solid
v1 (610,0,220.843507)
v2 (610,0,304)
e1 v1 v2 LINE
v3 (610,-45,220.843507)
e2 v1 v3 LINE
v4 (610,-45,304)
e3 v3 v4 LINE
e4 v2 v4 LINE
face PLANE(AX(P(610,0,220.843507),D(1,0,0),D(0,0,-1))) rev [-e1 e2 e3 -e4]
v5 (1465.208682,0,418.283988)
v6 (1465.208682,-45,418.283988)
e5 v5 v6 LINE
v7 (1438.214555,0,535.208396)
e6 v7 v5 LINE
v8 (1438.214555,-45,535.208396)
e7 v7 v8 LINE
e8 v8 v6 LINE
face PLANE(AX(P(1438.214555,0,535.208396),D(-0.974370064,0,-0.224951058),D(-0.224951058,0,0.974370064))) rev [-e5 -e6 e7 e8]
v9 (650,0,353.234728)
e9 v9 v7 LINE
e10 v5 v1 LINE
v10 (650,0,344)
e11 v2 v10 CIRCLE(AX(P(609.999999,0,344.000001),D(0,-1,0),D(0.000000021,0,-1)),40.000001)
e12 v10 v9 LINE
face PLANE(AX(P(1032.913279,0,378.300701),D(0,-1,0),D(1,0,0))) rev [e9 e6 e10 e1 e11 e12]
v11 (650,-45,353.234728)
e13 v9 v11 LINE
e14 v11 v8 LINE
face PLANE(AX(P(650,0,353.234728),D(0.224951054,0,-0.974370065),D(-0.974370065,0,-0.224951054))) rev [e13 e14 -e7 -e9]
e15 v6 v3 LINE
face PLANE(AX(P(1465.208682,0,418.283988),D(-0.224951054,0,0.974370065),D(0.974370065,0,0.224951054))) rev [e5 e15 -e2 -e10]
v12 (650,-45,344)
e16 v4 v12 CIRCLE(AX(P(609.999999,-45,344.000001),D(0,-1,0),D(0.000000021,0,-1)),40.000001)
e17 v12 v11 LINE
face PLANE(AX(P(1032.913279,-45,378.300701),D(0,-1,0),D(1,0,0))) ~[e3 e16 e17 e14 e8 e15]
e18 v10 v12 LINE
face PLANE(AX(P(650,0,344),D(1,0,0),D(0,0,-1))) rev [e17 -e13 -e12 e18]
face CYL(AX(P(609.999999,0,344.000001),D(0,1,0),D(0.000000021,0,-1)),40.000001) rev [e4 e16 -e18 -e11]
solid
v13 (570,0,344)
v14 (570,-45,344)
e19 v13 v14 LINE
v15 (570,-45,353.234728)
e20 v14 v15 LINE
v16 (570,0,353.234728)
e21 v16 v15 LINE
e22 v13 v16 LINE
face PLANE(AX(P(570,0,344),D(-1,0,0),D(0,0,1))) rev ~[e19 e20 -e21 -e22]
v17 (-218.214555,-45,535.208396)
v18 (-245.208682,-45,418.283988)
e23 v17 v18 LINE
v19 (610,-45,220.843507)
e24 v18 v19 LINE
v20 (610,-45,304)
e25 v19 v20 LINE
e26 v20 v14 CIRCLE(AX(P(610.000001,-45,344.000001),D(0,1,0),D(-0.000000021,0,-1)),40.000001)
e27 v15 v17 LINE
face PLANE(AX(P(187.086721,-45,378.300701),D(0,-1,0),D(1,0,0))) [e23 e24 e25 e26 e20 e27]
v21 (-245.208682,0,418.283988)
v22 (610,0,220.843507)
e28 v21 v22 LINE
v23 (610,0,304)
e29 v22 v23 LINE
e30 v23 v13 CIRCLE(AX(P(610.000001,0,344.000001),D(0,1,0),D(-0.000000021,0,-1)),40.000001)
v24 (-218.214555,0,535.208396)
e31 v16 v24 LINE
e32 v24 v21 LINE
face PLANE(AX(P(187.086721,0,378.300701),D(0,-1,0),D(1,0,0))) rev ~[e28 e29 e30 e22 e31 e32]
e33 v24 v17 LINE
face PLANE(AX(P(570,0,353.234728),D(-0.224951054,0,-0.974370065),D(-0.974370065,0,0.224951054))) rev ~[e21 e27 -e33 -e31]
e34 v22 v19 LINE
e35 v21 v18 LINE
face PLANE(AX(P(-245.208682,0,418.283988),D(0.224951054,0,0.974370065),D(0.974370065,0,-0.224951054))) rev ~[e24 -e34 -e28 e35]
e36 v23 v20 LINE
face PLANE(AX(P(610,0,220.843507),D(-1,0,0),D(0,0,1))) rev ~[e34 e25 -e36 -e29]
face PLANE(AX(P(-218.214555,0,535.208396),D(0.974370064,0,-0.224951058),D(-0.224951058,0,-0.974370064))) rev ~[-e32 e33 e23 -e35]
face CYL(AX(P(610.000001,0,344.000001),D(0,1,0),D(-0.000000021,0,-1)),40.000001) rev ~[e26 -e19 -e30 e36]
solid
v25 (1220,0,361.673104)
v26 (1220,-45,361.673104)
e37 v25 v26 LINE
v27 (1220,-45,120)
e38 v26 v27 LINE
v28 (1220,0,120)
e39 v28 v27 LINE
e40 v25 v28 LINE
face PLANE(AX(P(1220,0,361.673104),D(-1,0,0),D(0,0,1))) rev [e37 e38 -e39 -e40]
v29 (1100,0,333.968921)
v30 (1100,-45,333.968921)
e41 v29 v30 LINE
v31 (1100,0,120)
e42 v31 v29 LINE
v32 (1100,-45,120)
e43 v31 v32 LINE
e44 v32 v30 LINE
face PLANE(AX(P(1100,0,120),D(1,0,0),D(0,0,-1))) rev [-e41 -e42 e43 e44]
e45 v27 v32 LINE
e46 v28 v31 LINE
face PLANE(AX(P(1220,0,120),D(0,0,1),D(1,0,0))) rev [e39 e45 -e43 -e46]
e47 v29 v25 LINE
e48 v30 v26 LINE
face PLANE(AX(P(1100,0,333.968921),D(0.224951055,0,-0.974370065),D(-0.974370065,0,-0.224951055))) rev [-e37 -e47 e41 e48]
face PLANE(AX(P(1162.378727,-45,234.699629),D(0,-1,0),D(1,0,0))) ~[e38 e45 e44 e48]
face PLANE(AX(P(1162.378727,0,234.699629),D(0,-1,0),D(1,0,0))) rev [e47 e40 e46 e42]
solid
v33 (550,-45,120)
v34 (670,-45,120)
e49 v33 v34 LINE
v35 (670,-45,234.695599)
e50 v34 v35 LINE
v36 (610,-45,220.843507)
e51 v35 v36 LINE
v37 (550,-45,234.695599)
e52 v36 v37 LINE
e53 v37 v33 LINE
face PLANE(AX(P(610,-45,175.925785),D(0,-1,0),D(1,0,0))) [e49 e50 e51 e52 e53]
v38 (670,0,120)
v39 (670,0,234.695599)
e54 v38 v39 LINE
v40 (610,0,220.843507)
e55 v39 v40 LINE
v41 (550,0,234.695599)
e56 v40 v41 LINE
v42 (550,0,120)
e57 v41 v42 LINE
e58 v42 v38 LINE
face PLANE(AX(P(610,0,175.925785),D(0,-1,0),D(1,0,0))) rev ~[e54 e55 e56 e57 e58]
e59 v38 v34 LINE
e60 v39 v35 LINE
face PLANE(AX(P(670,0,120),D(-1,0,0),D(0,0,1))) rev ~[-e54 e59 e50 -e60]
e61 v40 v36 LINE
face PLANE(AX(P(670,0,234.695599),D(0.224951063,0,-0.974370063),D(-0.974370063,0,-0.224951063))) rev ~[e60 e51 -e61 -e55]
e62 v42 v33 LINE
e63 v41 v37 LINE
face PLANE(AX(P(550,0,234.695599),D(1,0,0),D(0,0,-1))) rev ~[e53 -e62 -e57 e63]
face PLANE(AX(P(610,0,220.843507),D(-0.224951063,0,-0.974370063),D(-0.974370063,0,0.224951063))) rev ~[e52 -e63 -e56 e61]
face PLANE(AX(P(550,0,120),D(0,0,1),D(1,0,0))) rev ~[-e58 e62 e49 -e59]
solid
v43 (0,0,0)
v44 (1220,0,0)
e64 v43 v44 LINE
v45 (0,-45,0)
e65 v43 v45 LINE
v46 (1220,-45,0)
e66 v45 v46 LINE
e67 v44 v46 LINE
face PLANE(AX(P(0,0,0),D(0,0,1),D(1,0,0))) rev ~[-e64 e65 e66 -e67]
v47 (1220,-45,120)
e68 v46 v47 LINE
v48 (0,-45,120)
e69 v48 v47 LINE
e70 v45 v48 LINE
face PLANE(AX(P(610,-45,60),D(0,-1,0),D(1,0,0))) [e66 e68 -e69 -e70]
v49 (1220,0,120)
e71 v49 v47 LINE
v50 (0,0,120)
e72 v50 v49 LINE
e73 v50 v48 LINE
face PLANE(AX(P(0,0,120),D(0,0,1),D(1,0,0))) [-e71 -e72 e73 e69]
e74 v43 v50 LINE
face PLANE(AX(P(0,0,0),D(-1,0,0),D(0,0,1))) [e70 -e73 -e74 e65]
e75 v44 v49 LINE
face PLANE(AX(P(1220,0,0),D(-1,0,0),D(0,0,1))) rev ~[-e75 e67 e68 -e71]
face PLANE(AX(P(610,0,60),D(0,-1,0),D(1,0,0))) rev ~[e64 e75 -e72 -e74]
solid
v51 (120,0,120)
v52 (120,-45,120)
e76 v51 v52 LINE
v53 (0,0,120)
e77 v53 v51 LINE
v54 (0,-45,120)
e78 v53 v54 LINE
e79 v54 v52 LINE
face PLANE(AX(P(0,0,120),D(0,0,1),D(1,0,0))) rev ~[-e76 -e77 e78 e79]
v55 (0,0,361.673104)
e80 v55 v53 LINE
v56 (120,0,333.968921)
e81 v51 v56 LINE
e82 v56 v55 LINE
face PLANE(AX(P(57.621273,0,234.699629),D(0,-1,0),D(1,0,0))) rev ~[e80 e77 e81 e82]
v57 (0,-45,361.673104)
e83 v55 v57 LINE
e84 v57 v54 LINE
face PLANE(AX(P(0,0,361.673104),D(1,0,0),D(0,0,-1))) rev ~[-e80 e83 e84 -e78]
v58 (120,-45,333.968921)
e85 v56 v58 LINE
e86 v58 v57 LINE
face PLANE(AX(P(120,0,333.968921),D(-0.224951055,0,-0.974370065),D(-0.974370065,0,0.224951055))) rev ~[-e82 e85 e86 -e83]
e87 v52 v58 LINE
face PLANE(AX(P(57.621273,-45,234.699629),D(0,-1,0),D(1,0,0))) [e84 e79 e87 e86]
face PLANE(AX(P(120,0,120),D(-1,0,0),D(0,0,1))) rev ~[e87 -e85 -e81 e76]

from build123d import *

# Parameters (mm, degrees)
F0_W     = 1220
F0_H     = 120
F1_DEPTH = 45
F3_DEPTH = 45
F5_DEPTH = 45
F9_DEPTH = 45


with BuildPart() as f1:
    # F0 (on Front) → F1 (new body)
    with BuildSketch(Plane.XZ):
        with Locations((610, 60)):
            Rectangle(F0_W, F0_H)
    extrude(amount=F1_DEPTH)


with BuildPart() as f3:
    # F2 (on Front) → F3 (new body)
    with BuildSketch(Plane.XZ):
        with BuildLine():
            Line((570, 344), (570, 353.234728))
            Line((570, 353.234728), (-218.214555, 535.208396))
            Line((-218.214555, 535.208396), (-245.208682, 418.283988))
            Line((-245.208682, 418.283988), (610, 220.843507))
            Line((610, 220.843507), (610, 304))
            ThreePointArc((610, 304), (581.715729, 315.715729), (570, 344))
        make_face()
    extrude(amount=F3_DEPTH)


with BuildPart() as f5:
    # F4 (on Front) → F5 (new body)
    with BuildSketch(Plane.XZ):
        Polygon((0, 361.673104), (0, 120), (120, 120), (120, 333.968921), align=None)
    extrude(amount=F5_DEPTH)


with BuildPart() as f7_1:
    # F7: instance of F1
    add(f1.part.mirror(Plane.YZ.offset(610)))


with BuildPart() as f7_2:
    # F7: instance of F3
    add(f3.part.mirror(Plane.YZ.offset(610)))


with BuildPart() as f7_3:
    # F7: instance of F5
    add(f5.part.mirror(Plane.YZ.offset(610)))


with BuildPart() as f9:
    # F8 (on Front) → F9 (new body)
    with BuildSketch(Plane.XZ):
        Polygon((550, 120), (670, 120), (670, 234.695599), (610, 220.843507), (550, 234.695599), align=None)
    extrude(amount=F9_DEPTH)


solid = Compound([f1.part, f3.part, f5.part, f7_2.part, f7_3.part, f9.part])
